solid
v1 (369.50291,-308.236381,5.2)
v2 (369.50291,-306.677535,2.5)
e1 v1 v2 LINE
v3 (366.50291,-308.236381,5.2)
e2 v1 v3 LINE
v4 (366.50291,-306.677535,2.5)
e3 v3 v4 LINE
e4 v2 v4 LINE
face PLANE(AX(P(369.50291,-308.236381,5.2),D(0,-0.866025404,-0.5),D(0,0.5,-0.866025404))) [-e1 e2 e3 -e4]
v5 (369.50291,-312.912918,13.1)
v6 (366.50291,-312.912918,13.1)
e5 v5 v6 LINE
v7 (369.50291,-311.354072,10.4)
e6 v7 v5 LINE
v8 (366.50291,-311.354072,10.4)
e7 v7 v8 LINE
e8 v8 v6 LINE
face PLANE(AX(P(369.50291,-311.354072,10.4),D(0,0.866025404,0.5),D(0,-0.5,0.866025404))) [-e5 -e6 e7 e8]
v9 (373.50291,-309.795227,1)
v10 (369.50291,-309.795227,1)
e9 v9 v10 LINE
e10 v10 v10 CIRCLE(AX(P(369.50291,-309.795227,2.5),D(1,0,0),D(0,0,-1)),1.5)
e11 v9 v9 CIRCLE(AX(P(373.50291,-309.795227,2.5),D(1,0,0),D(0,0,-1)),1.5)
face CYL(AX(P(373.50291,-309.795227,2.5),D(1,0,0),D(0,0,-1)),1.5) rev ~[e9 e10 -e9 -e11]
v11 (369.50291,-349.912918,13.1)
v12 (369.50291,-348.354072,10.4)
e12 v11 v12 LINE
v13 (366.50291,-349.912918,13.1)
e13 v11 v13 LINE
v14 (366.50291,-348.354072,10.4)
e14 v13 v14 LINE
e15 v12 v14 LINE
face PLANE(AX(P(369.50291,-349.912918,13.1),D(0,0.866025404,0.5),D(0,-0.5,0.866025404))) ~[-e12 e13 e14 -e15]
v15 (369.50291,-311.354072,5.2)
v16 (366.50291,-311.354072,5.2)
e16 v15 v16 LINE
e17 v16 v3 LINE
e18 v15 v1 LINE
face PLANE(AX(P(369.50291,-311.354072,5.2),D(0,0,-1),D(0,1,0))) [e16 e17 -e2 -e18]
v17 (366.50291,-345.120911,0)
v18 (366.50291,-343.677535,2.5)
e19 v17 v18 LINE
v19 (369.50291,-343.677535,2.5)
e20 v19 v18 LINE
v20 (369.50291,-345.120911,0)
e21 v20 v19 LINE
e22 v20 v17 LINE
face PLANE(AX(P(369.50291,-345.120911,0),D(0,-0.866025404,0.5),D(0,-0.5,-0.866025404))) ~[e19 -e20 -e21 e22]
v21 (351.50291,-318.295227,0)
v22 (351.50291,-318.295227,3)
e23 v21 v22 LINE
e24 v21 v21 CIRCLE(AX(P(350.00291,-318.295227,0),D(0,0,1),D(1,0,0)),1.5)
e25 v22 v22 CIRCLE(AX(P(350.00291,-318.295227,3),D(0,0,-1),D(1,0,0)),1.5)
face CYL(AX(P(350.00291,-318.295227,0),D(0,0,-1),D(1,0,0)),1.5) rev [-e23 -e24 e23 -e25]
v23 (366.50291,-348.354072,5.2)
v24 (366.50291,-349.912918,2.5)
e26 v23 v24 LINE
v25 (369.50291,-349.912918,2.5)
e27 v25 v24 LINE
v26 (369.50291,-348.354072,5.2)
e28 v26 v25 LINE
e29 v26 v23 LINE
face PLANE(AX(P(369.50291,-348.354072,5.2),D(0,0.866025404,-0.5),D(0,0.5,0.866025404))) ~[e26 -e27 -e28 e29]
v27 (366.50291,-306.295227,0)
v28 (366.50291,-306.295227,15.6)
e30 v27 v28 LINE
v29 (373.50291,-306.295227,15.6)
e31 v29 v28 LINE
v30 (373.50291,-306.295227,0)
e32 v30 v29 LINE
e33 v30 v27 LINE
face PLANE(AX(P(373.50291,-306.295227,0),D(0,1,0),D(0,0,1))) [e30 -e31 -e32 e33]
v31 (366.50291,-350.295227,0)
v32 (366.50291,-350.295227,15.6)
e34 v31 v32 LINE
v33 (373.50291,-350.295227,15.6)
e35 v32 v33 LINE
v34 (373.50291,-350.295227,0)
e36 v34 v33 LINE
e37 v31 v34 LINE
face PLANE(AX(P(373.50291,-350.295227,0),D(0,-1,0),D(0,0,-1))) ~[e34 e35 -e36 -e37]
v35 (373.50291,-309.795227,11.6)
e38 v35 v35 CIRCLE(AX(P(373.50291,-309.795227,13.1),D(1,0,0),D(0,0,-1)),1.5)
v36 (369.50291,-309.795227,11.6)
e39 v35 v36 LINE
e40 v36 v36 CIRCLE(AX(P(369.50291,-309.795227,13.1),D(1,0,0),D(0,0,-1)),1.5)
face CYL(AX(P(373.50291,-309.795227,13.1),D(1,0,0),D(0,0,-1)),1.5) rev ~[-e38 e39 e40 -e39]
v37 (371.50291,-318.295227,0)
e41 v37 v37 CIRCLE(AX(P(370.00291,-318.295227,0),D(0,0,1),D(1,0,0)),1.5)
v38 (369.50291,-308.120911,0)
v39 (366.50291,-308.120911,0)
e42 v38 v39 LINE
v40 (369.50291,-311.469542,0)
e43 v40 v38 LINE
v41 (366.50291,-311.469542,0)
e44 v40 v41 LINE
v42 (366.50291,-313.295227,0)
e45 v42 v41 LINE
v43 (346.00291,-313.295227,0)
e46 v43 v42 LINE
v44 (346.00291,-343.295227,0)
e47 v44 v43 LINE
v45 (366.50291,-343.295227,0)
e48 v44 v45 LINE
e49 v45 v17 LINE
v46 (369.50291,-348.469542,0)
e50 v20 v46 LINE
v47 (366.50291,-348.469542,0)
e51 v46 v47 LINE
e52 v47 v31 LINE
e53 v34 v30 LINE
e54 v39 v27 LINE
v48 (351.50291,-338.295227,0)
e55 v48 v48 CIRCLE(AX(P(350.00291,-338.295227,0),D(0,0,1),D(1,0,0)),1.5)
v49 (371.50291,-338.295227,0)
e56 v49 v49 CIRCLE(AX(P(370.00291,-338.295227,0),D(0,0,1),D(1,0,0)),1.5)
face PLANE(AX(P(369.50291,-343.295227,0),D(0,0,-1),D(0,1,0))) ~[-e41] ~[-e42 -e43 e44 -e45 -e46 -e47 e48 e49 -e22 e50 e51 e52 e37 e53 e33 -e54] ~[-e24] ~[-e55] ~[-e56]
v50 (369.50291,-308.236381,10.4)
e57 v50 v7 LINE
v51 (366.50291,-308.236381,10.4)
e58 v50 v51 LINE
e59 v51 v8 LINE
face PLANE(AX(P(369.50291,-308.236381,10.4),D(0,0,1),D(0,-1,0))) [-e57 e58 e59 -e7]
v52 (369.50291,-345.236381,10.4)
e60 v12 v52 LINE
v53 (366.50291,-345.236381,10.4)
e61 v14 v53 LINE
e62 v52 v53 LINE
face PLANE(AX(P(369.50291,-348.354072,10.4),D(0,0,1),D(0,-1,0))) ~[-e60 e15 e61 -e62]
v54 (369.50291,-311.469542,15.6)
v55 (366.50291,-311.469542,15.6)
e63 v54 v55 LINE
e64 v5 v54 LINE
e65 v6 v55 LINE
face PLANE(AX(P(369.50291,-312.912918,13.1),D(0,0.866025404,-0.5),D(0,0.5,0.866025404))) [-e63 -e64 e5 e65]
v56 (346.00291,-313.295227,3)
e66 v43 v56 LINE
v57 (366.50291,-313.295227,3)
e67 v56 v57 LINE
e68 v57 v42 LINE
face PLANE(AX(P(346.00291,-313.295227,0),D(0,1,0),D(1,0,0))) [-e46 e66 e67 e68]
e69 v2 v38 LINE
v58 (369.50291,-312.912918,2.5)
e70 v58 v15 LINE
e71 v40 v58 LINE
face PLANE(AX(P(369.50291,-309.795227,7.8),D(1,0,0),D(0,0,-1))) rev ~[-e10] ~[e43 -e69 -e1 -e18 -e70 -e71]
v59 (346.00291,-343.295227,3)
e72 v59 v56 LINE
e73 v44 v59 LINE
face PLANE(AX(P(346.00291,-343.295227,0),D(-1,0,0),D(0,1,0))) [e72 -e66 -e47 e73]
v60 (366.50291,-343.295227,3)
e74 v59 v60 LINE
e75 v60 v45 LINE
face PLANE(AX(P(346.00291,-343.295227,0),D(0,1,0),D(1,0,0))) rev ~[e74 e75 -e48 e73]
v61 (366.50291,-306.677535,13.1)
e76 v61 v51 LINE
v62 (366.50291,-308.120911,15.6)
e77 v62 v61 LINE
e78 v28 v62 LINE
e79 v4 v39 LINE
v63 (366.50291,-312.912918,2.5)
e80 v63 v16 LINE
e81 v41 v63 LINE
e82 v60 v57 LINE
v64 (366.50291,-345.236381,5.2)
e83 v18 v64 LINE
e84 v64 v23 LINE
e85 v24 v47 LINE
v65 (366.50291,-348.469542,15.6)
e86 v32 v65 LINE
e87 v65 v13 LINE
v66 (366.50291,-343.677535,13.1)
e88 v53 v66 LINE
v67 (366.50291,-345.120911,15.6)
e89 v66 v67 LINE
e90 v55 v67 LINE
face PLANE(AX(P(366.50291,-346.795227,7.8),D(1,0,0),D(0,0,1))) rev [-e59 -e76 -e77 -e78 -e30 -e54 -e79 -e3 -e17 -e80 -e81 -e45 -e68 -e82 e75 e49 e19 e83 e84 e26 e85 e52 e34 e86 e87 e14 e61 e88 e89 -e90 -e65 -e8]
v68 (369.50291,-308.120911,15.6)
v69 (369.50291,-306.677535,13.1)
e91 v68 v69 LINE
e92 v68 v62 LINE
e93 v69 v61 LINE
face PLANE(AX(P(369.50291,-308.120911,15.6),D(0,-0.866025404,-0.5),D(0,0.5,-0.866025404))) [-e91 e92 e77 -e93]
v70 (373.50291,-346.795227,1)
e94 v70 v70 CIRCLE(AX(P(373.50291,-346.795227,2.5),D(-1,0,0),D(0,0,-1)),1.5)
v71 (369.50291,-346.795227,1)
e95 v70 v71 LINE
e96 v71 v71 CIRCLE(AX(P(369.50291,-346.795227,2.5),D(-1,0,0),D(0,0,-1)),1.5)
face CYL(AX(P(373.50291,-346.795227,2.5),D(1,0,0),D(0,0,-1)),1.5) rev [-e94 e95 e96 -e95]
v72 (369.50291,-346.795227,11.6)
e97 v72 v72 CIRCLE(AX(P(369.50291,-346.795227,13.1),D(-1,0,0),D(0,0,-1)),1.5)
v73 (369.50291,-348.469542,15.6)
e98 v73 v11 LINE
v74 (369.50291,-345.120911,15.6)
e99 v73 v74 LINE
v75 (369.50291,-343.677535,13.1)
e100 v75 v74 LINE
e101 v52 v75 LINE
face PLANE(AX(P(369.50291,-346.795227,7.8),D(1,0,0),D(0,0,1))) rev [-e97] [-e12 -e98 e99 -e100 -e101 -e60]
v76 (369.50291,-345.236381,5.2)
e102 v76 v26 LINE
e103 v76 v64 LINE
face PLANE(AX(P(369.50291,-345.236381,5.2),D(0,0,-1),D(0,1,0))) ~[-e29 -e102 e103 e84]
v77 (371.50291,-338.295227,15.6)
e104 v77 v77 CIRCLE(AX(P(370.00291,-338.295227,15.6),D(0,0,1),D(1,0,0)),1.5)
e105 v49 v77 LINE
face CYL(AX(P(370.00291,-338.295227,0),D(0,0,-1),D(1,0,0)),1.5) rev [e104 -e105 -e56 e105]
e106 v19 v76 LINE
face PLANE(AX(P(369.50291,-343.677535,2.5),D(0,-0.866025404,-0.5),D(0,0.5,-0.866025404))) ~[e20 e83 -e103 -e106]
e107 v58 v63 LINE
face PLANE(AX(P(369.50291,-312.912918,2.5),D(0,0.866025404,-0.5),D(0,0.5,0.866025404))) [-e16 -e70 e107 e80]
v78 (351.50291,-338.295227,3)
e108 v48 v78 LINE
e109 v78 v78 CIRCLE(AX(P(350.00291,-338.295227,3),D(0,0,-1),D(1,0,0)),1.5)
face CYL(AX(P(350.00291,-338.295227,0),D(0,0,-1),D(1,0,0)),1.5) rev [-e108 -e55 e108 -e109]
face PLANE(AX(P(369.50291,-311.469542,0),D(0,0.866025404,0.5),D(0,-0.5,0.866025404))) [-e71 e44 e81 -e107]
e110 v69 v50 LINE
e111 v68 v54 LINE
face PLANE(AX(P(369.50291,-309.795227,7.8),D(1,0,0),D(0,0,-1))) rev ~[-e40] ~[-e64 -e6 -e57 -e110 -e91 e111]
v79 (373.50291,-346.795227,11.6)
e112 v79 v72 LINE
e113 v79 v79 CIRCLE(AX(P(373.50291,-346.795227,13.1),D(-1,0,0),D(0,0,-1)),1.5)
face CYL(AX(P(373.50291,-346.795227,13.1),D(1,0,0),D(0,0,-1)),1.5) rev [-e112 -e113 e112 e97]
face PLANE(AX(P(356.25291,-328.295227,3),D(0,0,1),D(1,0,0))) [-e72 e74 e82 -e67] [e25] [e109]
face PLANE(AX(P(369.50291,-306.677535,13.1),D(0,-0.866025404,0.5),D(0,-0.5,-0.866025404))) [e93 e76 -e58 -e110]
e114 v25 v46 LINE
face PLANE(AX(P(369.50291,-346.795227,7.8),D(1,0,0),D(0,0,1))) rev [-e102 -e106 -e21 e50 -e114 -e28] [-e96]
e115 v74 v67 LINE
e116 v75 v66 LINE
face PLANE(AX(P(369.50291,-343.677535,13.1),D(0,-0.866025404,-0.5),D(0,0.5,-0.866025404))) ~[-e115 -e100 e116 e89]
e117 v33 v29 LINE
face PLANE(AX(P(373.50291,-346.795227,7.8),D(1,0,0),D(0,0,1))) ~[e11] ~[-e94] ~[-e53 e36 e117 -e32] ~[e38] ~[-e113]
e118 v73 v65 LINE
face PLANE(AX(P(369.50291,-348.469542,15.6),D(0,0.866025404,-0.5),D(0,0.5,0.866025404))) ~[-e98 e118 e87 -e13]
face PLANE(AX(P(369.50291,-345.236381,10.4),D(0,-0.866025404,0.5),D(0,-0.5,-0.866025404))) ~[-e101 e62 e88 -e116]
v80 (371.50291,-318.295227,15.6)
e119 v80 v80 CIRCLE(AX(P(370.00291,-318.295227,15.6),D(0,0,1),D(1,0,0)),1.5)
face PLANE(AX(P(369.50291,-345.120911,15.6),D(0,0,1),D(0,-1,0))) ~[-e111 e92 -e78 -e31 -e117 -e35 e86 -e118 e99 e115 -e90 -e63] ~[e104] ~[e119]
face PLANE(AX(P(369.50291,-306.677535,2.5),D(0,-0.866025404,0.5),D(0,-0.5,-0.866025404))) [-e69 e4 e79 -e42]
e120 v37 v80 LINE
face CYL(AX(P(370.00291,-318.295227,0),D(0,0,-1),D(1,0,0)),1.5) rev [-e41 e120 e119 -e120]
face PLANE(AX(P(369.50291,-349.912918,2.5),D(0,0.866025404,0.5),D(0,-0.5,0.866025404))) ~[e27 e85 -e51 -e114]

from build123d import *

# Parameters (mm, degrees)
SKETCH1_W           = 27.5
SKETCH1_H           = 30
SKETCH1_R           = 1.500000001
SKETCH1_R_2         = 1.5
BOSS_EXTRUDE1_DEPTH = 5
SKETCH1_3_W         = 7
SKETCH1_3_H         = 30
SKETCH1_3_R         = 1.500000001
SKETCH1_3_R_2       = 1.5
BOSS_EXTRUDE2_DEPTH = 15.6
SKETCH4_R           = 1.5
BOSS_EXTRUDE3_DEPTH = 4
BOSS_EXTRUDE4_START = -4
BOSS_EXTRUDE4_DEPTH = 3
SKETCH5_W           = 20.5
SKETCH5_H           = 30
CUT_EXTRUDE1_DEPTH  = 2


with BuildPart() as part:
    # Sketch1 → Boss-Extrude1 (new body)
    with BuildSketch(Plane.XY):
        with Locations((359.752910404, -328.295226576)):
            Rectangle(SKETCH1_W, SKETCH1_H)
        with Locations((370.002910404, -338.295226576)):
            Circle(SKETCH1_R, mode=Mode.SUBTRACT)
        with Locations((370.002910404, -318.295226576)):
            Circle(SKETCH1_R_2, mode=Mode.SUBTRACT)
        with Locations((350.002910404, -318.295226576)):
            Circle(SKETCH1_R_2, mode=Mode.SUBTRACT)
        with Locations((350.002910404, -338.295226576)):
            Circle(SKETCH1_R_2, mode=Mode.SUBTRACT)
    extrude(amount=BOSS_EXTRUDE1_DEPTH)

    # Sketch1<3> → Boss-Extrude2 (add)
    with BuildSketch(Plane.XY):
        with Locations((370.002910404, -328.295226576)):
            Rectangle(SKETCH1_3_W, SKETCH1_3_H)
        with Locations((370.002910404, -338.295226576)):
            Circle(SKETCH1_3_R, mode=Mode.SUBTRACT)
        with Locations((370.002910404, -318.295226576)):
            Circle(SKETCH1_3_R_2, mode=Mode.SUBTRACT)
    extrude(amount=BOSS_EXTRUDE2_DEPTH)

    # Sketch4 → Boss-Extrude3 (add)
    with BuildSketch(Plane(origin=(373.502910404, 0, 0), x_dir=(0, 0, -1), z_dir=(1, 0, 0))):
        Polygon((-15.6, -311.469542357), (-15.6, -313.295226576), (0, -313.295226576), (0, -311.469542357), (-2.5, -312.91291803), (-5.2, -311.354072303), (-5.2, -308.236380849), (-2.5, -306.677535123), (0, -308.120910796), (0, -306.295226576), (-15.6, -306.295226576), (-15.6, -308.120910796), (-13.1, -306.677535123), (-10.4, -308.236380849), (-10.4, -311.354072303), (-13.1, -312.91291803), align=None)
        Polygon((-2.5, -312.91291803), (0, -311.469542357), (0, -308.120910796), (-2.5, -306.677535123), (-5.2, -308.236380849), (-5.2, -311.354072303), align=None)
        with Locations((-2.5, -309.795226576)):
            Circle(SKETCH4_R, mode=Mode.SUBTRACT)
        Polygon((-15.6, -308.120910796), (-15.6, -311.469542357), (-13.1, -312.91291803), (-10.4, -311.354072303), (-10.4, -308.236380849), (-13.1, -306.677535123), align=None)
        with Locations((-13.1, -309.795226576)):
            Circle(SKETCH4_R, mode=Mode.SUBTRACT)
    boss_extrude3 = extrude(amount=-BOSS_EXTRUDE3_DEPTH)

    # Sketch4<3> → Boss-Extrude4 (add)
    with BuildSketch(Plane(origin=(373.502910404, 0, 0), x_dir=(0, 0, -1), z_dir=(1, 0, 0)).offset(BOSS_EXTRUDE4_START)):
        Polygon((-15.6, -311.469542357), (-15.6, -313.295226576), (0, -313.295226576), (0, -311.469542357), (-2.5, -312.91291803), (-5.2, -311.354072303), (-5.2, -308.236380849), (-2.5, -306.677535123), (0, -308.120910796), (0, -306.295226576), (-15.6, -306.295226576), (-15.6, -308.120910796), (-13.1, -306.677535123), (-10.4, -308.236380849), (-10.4, -311.354072303), (-13.1, -312.91291803), align=None)
    boss_extrude4 = extrude(amount=-BOSS_EXTRUDE4_DEPTH)

    # Mirror1: Boss-Extrude3, Boss-Extrude4 across plane
    add(boss_extrude3.mirror(Plane.ZX.offset(-328.295226576)))
    add(boss_extrude4.mirror(Plane.ZX.offset(-328.295226576)))

    # Sketch5 → Cut-Extrude1 (cut)
    with BuildSketch(Plane.XY.offset(5)):
        with Locations((356.252910404, -328.295226576)):
            Rectangle(SKETCH5_W, SKETCH5_H)
    extrude(amount=-CUT_EXTRUDE1_DEPTH, mode=Mode.SUBTRACT)


solid = part.part
